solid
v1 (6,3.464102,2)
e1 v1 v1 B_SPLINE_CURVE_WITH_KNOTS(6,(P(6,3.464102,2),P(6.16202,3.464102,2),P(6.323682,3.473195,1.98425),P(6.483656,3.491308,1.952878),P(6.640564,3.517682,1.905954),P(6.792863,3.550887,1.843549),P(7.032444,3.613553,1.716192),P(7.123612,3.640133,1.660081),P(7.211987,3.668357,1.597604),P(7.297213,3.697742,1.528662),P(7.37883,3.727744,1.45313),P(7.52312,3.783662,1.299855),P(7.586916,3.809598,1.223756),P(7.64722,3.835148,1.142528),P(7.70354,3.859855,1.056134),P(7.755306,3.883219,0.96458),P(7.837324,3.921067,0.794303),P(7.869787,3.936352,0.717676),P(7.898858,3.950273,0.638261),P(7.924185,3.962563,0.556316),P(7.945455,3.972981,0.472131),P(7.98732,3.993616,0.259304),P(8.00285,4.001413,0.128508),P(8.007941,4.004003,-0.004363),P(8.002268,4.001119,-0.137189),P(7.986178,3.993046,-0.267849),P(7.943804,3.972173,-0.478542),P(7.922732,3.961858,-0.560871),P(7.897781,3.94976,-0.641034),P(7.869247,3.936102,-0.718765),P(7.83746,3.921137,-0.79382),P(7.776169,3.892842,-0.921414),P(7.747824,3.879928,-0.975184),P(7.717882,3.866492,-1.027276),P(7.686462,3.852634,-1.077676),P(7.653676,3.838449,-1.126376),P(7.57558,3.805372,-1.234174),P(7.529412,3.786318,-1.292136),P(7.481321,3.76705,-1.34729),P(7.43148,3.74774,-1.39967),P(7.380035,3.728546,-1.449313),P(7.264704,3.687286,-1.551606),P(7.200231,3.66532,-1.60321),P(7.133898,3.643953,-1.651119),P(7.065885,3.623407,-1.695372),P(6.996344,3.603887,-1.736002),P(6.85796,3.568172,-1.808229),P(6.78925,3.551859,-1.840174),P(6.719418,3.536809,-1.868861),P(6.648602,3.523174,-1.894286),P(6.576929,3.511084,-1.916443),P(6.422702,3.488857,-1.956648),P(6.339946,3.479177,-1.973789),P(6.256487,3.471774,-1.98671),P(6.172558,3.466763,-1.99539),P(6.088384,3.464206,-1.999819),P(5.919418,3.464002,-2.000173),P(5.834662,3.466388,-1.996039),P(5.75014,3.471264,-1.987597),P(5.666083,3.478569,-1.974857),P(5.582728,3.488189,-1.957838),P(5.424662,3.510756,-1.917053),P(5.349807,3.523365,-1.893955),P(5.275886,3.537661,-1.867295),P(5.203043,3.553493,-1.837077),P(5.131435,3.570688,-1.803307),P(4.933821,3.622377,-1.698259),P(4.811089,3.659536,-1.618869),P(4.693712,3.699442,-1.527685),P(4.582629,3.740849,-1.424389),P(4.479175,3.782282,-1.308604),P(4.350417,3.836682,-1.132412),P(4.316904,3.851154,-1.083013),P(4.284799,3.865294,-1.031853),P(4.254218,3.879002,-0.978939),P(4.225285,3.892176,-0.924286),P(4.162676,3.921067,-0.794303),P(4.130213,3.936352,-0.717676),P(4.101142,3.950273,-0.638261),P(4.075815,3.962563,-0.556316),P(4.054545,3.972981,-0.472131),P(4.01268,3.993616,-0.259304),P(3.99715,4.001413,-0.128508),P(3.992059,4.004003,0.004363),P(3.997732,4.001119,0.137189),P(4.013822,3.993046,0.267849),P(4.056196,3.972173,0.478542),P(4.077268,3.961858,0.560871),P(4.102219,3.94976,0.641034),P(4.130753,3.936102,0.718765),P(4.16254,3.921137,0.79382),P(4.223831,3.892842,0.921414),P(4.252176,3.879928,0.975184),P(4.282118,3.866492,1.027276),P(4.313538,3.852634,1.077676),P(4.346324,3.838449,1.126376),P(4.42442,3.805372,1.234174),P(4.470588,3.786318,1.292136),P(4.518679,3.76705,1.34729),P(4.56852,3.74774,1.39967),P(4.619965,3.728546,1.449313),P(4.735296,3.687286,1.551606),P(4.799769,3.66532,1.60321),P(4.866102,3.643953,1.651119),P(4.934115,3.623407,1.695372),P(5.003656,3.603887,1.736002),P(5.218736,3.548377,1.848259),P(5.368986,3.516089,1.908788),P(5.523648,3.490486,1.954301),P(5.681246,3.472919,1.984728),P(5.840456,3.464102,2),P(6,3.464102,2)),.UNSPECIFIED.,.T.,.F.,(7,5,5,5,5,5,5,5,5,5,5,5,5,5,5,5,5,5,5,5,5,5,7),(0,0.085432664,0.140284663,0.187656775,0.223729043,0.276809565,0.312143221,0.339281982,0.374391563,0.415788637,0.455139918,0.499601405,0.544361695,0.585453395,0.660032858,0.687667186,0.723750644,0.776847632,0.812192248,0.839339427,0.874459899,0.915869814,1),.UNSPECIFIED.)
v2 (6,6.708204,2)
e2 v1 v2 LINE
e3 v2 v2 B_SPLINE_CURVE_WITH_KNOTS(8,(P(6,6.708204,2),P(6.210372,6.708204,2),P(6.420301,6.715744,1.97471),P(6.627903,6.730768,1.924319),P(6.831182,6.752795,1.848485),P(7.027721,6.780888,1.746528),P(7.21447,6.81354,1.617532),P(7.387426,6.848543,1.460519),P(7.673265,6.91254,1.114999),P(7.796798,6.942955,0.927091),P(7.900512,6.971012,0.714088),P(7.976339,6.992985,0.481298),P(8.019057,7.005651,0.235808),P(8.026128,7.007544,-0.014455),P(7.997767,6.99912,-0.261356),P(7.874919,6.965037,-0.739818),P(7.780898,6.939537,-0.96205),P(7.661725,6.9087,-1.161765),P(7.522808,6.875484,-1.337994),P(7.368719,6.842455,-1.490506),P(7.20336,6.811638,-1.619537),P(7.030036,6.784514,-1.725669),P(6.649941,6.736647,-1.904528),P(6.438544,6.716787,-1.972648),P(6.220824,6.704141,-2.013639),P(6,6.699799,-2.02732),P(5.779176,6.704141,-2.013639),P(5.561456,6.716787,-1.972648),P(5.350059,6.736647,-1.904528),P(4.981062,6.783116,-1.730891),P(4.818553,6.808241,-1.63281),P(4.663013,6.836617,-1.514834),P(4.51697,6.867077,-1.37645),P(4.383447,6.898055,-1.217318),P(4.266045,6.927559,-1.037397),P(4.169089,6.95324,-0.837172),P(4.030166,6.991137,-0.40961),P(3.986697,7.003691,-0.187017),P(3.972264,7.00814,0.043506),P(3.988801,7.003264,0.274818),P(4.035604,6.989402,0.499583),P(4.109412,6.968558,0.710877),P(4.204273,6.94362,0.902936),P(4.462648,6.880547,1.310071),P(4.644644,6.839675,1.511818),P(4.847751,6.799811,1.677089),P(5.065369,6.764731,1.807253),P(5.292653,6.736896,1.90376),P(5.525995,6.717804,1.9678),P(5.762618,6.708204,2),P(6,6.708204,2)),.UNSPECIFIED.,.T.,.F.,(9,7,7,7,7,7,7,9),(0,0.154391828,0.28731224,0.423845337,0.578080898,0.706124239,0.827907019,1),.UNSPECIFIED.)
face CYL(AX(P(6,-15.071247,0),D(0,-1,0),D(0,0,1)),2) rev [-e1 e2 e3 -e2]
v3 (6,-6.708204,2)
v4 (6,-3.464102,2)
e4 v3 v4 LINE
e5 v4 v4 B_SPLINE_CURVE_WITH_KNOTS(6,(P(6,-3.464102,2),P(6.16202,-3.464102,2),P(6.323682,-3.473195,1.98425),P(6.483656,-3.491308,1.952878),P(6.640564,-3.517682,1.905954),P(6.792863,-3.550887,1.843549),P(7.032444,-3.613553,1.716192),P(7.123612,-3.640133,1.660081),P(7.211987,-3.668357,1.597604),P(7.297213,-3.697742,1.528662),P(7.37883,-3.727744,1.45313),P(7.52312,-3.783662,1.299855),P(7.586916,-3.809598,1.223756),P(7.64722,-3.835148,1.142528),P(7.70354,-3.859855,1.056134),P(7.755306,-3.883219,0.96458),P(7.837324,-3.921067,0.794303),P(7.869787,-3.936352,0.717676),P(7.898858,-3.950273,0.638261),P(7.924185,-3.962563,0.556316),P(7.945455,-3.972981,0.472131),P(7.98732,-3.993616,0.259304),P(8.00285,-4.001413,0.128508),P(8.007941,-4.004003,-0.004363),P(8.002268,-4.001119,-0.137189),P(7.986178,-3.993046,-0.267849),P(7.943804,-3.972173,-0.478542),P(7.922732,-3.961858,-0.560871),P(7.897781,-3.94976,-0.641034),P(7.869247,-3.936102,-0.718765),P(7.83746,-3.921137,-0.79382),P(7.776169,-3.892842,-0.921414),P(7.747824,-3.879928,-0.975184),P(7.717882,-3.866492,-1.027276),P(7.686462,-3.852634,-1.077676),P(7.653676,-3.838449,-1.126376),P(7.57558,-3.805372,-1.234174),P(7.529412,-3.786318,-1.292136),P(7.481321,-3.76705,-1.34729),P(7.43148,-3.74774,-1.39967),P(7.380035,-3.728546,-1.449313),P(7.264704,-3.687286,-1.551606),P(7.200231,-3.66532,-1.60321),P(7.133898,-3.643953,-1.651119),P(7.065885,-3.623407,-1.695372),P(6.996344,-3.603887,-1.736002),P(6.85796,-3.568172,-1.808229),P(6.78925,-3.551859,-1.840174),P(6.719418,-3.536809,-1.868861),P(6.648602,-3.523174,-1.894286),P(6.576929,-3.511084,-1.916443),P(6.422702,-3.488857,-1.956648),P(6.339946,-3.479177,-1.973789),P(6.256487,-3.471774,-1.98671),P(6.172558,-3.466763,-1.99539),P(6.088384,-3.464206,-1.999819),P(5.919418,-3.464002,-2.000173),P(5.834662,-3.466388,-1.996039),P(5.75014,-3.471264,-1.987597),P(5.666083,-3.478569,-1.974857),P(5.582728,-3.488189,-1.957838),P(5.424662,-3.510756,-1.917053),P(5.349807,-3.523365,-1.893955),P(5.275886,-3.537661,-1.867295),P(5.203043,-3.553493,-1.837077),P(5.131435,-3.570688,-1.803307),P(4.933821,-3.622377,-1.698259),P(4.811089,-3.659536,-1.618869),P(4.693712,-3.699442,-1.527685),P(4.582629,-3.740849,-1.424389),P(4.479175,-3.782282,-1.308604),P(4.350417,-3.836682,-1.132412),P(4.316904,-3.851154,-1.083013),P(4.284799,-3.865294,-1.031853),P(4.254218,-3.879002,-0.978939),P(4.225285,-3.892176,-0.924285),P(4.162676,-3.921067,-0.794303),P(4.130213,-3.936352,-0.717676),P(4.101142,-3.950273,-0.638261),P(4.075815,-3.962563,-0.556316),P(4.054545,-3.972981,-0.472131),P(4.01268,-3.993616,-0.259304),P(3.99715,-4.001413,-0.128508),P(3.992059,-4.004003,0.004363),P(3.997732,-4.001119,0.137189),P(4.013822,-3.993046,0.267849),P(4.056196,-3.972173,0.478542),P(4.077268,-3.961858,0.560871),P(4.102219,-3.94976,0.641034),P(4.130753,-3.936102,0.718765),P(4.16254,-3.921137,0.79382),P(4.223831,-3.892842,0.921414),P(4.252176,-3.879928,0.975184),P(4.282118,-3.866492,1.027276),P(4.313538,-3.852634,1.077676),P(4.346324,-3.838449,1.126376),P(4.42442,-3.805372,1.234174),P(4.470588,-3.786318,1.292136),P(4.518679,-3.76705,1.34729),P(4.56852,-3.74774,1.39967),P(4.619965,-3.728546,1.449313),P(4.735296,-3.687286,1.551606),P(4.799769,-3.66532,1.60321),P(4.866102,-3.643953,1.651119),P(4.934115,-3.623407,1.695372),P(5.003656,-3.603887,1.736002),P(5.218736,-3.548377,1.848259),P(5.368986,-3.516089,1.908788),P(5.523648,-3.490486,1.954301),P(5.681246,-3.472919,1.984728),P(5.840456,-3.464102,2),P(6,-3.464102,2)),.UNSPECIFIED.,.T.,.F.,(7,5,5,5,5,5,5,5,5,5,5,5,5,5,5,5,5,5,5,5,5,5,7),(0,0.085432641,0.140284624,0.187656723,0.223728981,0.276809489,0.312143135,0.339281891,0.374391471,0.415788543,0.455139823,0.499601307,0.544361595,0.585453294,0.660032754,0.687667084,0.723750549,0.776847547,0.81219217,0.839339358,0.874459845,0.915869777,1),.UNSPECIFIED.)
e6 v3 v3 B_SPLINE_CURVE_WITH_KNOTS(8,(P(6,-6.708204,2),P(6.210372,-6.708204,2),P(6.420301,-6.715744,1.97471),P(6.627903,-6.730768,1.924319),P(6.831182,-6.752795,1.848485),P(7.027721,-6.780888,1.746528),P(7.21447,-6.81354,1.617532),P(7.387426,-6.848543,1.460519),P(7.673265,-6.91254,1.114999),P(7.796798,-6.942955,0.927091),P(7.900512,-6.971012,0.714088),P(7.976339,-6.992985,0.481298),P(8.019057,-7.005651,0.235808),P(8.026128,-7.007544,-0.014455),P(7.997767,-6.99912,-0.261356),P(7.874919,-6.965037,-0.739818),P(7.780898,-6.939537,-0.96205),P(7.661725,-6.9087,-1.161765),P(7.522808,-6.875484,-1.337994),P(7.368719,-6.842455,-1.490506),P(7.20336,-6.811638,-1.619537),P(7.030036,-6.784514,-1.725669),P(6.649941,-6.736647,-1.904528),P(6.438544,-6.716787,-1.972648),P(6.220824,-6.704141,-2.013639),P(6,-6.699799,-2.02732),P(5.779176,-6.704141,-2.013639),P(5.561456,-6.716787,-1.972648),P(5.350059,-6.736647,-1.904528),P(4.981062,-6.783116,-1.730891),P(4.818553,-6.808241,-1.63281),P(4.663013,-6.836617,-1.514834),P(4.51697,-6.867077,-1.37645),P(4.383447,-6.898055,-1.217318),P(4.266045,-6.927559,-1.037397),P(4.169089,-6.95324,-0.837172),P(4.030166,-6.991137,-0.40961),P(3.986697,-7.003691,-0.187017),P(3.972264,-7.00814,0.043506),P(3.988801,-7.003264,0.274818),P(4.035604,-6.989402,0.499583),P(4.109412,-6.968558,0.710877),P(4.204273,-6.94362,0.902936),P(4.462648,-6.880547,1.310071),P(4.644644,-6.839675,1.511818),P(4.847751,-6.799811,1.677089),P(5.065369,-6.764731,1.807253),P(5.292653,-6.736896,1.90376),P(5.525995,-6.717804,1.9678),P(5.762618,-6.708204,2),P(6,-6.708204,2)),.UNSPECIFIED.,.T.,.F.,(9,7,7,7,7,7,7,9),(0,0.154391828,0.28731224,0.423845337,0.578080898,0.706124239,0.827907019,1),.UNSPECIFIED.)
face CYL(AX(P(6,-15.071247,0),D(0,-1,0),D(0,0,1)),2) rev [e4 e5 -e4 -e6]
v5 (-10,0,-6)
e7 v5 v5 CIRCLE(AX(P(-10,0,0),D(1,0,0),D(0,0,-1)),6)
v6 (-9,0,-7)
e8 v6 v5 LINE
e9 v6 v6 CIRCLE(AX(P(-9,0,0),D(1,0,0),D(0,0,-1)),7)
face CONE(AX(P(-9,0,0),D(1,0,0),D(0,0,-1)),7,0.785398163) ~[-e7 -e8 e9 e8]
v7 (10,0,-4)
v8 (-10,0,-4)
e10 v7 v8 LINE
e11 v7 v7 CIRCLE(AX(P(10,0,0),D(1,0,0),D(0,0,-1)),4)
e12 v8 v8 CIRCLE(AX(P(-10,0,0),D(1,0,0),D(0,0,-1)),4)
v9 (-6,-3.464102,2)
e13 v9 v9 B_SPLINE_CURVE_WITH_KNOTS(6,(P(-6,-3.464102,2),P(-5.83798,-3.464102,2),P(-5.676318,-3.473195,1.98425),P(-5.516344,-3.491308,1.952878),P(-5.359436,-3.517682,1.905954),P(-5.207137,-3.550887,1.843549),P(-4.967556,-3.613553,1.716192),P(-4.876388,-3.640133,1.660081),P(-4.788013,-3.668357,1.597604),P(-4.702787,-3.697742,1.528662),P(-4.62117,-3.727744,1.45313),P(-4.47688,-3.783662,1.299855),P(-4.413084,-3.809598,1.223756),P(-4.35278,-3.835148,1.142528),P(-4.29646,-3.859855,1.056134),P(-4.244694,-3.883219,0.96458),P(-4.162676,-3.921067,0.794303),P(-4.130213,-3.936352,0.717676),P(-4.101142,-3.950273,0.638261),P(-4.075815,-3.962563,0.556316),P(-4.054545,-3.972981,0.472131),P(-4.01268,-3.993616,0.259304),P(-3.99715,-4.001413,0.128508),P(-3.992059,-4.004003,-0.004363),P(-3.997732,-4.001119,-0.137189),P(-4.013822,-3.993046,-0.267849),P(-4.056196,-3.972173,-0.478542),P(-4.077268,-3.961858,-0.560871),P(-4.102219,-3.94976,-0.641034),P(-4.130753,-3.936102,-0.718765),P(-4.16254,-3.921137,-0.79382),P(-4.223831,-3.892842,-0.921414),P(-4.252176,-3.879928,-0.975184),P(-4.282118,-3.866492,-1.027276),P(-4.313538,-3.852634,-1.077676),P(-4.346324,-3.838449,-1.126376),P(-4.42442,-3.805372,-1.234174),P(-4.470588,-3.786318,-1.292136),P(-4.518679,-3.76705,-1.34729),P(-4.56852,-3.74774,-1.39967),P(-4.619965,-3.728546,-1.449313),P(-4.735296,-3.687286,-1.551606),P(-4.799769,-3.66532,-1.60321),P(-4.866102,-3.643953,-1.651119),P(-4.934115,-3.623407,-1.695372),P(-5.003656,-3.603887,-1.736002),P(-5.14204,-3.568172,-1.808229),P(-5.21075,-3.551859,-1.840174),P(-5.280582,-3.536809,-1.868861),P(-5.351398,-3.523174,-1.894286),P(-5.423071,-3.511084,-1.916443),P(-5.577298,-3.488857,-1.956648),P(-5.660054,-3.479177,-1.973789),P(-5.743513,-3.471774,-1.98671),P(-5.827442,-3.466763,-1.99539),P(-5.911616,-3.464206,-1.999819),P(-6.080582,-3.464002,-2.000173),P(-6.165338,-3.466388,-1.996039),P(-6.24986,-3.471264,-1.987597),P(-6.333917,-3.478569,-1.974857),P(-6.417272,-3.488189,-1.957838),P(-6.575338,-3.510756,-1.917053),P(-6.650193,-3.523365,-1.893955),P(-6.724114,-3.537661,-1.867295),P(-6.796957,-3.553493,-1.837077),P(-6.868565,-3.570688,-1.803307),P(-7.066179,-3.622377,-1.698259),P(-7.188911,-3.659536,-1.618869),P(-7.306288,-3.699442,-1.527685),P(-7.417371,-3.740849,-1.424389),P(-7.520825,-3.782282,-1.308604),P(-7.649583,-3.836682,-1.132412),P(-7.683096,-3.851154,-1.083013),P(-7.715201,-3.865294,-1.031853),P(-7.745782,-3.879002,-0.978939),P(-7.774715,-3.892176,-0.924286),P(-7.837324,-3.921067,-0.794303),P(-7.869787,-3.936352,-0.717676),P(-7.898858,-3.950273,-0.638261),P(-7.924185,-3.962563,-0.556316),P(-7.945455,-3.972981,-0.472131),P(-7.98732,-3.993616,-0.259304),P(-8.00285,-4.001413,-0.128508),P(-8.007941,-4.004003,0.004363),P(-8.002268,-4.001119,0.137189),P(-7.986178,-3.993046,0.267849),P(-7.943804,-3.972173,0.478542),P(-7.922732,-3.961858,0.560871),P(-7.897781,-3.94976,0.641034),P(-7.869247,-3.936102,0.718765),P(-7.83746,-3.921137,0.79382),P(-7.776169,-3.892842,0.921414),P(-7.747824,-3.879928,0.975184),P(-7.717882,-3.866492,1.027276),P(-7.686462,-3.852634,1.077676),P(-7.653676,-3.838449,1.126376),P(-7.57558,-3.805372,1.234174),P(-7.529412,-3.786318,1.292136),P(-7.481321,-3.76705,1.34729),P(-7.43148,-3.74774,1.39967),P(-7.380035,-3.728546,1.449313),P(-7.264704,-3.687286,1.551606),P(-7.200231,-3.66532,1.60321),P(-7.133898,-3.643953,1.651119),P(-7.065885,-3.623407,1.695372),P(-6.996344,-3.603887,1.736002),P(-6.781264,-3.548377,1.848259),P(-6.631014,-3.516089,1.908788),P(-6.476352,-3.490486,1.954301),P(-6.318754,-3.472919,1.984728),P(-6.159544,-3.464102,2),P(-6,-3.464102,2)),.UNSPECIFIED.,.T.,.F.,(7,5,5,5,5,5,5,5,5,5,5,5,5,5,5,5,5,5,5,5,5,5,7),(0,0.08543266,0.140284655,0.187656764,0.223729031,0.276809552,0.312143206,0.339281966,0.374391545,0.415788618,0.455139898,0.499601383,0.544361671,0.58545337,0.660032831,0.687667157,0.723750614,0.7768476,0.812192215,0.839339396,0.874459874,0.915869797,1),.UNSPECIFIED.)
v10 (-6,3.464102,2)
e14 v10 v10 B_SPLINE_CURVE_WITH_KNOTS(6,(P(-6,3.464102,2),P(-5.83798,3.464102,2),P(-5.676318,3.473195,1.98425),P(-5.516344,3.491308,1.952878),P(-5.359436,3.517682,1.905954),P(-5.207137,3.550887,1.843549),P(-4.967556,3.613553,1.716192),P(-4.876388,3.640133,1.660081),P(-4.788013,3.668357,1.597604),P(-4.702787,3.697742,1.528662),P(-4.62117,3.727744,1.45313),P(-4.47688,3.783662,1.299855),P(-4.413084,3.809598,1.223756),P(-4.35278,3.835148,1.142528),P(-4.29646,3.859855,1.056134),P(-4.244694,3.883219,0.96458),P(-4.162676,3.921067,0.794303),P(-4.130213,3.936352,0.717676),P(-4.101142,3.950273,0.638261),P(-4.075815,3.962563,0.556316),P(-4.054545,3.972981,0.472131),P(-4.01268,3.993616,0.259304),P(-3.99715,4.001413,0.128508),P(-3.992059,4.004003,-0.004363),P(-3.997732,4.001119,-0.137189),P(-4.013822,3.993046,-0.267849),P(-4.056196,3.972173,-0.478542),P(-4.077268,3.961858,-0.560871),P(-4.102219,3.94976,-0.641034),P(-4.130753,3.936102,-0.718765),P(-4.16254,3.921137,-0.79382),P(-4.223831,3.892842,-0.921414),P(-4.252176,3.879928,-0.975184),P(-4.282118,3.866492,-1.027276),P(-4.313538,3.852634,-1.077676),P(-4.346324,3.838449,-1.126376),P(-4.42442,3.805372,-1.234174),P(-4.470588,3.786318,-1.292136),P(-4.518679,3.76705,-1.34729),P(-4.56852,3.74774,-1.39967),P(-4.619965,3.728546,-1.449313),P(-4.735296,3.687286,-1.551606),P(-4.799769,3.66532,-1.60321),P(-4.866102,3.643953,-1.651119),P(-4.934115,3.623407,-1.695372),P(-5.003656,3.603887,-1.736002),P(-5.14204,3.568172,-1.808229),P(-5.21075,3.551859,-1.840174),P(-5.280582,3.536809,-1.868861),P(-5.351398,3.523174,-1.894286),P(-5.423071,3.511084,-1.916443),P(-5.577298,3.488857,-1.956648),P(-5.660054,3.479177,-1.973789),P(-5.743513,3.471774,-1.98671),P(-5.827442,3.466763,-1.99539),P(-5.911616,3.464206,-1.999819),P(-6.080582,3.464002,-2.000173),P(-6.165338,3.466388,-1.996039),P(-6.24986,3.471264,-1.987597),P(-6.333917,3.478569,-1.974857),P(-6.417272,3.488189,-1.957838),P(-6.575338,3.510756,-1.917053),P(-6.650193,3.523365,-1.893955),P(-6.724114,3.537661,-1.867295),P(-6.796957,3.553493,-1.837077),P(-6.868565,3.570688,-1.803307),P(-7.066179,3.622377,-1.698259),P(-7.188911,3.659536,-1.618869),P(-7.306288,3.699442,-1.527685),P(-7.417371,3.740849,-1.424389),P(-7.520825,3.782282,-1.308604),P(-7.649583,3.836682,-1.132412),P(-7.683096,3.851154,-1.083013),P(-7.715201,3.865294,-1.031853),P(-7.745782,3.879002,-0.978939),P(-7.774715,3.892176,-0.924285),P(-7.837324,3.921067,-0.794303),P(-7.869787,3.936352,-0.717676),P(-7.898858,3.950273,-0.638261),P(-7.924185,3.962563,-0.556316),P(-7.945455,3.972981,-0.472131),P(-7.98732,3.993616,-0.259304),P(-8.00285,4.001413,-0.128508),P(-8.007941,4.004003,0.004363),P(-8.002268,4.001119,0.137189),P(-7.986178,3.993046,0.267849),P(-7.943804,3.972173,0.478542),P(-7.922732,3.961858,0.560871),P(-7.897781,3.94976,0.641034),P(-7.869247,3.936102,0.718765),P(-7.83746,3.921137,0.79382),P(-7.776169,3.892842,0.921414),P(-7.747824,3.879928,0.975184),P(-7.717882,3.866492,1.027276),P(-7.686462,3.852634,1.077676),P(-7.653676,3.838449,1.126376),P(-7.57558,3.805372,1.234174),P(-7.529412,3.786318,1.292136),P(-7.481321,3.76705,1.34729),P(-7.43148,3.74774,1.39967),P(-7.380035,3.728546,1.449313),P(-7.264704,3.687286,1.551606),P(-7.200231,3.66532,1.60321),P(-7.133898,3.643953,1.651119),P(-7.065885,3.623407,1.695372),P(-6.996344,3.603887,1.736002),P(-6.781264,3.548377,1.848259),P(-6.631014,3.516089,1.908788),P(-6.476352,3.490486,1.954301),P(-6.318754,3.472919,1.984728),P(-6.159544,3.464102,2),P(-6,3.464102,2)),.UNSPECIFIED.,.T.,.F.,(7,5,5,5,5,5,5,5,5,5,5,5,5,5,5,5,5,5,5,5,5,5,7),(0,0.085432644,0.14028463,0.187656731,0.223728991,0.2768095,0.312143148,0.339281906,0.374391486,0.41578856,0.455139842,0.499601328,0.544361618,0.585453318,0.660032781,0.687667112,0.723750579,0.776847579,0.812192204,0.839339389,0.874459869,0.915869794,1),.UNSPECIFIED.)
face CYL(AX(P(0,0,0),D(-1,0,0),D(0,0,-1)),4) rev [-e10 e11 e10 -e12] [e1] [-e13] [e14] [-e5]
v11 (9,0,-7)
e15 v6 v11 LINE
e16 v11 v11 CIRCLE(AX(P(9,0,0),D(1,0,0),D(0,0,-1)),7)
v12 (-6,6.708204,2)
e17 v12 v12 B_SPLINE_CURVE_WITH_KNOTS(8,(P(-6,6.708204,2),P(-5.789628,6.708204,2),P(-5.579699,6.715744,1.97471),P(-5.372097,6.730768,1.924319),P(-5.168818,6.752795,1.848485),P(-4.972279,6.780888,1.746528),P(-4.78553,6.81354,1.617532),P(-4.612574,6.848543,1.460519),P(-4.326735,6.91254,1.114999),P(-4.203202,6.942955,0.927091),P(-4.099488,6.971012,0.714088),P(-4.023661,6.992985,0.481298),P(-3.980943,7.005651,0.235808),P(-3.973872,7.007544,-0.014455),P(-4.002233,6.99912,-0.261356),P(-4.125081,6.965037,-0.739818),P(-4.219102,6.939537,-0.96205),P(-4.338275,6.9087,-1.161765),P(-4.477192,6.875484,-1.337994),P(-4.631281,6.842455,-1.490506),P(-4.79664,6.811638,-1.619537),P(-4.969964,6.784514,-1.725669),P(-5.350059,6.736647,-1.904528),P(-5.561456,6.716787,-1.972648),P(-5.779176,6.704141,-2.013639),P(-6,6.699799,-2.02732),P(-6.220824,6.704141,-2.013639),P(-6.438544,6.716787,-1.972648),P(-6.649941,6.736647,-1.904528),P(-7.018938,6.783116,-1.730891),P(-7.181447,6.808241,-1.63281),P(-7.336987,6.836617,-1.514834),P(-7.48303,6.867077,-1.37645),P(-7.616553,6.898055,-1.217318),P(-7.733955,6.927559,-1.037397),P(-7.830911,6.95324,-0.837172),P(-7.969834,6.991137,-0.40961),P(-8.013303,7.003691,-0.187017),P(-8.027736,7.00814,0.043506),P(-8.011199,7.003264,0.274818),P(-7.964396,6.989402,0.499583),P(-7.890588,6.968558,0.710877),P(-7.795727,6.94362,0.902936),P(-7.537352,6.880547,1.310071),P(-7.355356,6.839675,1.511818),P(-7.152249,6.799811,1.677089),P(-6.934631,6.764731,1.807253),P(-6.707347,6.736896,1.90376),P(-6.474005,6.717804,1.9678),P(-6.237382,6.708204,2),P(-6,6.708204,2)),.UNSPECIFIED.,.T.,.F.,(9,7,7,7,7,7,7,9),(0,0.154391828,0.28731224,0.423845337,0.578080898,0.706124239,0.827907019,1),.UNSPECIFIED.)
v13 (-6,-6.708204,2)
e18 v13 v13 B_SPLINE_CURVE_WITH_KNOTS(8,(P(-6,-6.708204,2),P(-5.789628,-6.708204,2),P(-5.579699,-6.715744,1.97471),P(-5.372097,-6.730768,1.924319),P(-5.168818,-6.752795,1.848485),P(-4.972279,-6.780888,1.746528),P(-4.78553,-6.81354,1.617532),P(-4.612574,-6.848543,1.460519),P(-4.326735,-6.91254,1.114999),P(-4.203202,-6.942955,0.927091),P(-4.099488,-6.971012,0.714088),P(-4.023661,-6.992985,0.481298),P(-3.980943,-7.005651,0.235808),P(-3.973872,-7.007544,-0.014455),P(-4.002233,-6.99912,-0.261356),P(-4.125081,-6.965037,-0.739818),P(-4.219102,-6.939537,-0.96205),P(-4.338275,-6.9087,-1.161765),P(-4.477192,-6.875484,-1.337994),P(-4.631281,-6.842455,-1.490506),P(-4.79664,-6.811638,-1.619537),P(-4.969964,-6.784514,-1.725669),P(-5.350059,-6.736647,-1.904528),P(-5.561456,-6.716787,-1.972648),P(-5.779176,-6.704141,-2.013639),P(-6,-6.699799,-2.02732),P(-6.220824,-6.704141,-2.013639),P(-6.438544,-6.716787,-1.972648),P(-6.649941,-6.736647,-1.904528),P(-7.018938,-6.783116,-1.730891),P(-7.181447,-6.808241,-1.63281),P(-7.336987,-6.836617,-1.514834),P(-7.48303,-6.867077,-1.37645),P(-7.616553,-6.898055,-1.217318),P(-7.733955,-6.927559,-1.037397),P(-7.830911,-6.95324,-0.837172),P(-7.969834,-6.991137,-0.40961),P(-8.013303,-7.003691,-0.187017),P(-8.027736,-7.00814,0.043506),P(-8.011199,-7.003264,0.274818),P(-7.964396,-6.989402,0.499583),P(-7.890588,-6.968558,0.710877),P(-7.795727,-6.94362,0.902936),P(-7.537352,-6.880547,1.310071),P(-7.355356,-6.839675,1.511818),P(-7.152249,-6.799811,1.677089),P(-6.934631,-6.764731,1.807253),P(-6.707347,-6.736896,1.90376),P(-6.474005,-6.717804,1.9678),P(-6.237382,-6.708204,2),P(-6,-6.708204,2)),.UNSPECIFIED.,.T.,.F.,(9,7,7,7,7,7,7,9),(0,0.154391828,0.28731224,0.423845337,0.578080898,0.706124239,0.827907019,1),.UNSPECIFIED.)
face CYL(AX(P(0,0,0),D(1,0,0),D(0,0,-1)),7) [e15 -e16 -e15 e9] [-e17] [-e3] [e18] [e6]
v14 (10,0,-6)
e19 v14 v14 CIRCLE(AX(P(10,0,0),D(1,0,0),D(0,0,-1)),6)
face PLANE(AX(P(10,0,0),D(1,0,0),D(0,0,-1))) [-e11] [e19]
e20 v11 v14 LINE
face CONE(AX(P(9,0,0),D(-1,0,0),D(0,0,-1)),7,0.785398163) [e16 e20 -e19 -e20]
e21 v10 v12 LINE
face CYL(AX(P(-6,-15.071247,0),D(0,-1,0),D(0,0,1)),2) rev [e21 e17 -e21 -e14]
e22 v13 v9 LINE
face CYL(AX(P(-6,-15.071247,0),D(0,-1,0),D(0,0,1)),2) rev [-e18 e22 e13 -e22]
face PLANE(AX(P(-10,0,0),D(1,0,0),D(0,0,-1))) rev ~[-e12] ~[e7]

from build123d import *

# Parameters (mm, degrees)
SKETCH1_R               = 7
SKETCH1_R_2             = 4
BOSS_EXTRUDE1_DEPTH     = 10
CUT_EXTRUDE1_DEPTH      = 15.071247279
CUT_EXTRUDE1_DEPTH_BACK = 15.071247279
SKETCH2_R               = 2
CHAMFER1_SIZE           = 1


with BuildPart() as part:
    # Sketch1 → Boss-Extrude1 (new, symmetric)
    with BuildSketch(Plane(origin=(0, 0, 0), x_dir=(0, 0, -1), z_dir=(1, 0, 0))):
        Circle(SKETCH1_R)
        Circle(SKETCH1_R_2, mode=Mode.SUBTRACT)
    extrude(amount=BOSS_EXTRUDE1_DEPTH, both=True)

    # Sketch2 → Cut-Extrude1 (cut, two sides: drawn at the far end of the back side and taken through both)
    with BuildSketch(Plane(origin=(0, 0, 0), x_dir=(1, 0, 0), z_dir=(0, 1, 0)).offset(-CUT_EXTRUDE1_DEPTH_BACK)):
        with Locations(Location((-6, 0, 0), (0, 0, 270))):
            Circle(SKETCH2_R)
        with Locations(Location((6, 0, 0), (0, 0, 270))):
            Circle(SKETCH2_R)
    extrude(amount=CUT_EXTRUDE1_DEPTH + CUT_EXTRUDE1_DEPTH_BACK, mode=Mode.SUBTRACT)

    # Chamfer1
    chamfer1_edges = [part.edges().sort_by_distance(p)[0] for p in [
        (-10, 0, 7),
        (10, 0, 7),
    ]]
    chamfer(chamfer1_edges, length=CHAMFER1_SIZE)


solid = part.part
